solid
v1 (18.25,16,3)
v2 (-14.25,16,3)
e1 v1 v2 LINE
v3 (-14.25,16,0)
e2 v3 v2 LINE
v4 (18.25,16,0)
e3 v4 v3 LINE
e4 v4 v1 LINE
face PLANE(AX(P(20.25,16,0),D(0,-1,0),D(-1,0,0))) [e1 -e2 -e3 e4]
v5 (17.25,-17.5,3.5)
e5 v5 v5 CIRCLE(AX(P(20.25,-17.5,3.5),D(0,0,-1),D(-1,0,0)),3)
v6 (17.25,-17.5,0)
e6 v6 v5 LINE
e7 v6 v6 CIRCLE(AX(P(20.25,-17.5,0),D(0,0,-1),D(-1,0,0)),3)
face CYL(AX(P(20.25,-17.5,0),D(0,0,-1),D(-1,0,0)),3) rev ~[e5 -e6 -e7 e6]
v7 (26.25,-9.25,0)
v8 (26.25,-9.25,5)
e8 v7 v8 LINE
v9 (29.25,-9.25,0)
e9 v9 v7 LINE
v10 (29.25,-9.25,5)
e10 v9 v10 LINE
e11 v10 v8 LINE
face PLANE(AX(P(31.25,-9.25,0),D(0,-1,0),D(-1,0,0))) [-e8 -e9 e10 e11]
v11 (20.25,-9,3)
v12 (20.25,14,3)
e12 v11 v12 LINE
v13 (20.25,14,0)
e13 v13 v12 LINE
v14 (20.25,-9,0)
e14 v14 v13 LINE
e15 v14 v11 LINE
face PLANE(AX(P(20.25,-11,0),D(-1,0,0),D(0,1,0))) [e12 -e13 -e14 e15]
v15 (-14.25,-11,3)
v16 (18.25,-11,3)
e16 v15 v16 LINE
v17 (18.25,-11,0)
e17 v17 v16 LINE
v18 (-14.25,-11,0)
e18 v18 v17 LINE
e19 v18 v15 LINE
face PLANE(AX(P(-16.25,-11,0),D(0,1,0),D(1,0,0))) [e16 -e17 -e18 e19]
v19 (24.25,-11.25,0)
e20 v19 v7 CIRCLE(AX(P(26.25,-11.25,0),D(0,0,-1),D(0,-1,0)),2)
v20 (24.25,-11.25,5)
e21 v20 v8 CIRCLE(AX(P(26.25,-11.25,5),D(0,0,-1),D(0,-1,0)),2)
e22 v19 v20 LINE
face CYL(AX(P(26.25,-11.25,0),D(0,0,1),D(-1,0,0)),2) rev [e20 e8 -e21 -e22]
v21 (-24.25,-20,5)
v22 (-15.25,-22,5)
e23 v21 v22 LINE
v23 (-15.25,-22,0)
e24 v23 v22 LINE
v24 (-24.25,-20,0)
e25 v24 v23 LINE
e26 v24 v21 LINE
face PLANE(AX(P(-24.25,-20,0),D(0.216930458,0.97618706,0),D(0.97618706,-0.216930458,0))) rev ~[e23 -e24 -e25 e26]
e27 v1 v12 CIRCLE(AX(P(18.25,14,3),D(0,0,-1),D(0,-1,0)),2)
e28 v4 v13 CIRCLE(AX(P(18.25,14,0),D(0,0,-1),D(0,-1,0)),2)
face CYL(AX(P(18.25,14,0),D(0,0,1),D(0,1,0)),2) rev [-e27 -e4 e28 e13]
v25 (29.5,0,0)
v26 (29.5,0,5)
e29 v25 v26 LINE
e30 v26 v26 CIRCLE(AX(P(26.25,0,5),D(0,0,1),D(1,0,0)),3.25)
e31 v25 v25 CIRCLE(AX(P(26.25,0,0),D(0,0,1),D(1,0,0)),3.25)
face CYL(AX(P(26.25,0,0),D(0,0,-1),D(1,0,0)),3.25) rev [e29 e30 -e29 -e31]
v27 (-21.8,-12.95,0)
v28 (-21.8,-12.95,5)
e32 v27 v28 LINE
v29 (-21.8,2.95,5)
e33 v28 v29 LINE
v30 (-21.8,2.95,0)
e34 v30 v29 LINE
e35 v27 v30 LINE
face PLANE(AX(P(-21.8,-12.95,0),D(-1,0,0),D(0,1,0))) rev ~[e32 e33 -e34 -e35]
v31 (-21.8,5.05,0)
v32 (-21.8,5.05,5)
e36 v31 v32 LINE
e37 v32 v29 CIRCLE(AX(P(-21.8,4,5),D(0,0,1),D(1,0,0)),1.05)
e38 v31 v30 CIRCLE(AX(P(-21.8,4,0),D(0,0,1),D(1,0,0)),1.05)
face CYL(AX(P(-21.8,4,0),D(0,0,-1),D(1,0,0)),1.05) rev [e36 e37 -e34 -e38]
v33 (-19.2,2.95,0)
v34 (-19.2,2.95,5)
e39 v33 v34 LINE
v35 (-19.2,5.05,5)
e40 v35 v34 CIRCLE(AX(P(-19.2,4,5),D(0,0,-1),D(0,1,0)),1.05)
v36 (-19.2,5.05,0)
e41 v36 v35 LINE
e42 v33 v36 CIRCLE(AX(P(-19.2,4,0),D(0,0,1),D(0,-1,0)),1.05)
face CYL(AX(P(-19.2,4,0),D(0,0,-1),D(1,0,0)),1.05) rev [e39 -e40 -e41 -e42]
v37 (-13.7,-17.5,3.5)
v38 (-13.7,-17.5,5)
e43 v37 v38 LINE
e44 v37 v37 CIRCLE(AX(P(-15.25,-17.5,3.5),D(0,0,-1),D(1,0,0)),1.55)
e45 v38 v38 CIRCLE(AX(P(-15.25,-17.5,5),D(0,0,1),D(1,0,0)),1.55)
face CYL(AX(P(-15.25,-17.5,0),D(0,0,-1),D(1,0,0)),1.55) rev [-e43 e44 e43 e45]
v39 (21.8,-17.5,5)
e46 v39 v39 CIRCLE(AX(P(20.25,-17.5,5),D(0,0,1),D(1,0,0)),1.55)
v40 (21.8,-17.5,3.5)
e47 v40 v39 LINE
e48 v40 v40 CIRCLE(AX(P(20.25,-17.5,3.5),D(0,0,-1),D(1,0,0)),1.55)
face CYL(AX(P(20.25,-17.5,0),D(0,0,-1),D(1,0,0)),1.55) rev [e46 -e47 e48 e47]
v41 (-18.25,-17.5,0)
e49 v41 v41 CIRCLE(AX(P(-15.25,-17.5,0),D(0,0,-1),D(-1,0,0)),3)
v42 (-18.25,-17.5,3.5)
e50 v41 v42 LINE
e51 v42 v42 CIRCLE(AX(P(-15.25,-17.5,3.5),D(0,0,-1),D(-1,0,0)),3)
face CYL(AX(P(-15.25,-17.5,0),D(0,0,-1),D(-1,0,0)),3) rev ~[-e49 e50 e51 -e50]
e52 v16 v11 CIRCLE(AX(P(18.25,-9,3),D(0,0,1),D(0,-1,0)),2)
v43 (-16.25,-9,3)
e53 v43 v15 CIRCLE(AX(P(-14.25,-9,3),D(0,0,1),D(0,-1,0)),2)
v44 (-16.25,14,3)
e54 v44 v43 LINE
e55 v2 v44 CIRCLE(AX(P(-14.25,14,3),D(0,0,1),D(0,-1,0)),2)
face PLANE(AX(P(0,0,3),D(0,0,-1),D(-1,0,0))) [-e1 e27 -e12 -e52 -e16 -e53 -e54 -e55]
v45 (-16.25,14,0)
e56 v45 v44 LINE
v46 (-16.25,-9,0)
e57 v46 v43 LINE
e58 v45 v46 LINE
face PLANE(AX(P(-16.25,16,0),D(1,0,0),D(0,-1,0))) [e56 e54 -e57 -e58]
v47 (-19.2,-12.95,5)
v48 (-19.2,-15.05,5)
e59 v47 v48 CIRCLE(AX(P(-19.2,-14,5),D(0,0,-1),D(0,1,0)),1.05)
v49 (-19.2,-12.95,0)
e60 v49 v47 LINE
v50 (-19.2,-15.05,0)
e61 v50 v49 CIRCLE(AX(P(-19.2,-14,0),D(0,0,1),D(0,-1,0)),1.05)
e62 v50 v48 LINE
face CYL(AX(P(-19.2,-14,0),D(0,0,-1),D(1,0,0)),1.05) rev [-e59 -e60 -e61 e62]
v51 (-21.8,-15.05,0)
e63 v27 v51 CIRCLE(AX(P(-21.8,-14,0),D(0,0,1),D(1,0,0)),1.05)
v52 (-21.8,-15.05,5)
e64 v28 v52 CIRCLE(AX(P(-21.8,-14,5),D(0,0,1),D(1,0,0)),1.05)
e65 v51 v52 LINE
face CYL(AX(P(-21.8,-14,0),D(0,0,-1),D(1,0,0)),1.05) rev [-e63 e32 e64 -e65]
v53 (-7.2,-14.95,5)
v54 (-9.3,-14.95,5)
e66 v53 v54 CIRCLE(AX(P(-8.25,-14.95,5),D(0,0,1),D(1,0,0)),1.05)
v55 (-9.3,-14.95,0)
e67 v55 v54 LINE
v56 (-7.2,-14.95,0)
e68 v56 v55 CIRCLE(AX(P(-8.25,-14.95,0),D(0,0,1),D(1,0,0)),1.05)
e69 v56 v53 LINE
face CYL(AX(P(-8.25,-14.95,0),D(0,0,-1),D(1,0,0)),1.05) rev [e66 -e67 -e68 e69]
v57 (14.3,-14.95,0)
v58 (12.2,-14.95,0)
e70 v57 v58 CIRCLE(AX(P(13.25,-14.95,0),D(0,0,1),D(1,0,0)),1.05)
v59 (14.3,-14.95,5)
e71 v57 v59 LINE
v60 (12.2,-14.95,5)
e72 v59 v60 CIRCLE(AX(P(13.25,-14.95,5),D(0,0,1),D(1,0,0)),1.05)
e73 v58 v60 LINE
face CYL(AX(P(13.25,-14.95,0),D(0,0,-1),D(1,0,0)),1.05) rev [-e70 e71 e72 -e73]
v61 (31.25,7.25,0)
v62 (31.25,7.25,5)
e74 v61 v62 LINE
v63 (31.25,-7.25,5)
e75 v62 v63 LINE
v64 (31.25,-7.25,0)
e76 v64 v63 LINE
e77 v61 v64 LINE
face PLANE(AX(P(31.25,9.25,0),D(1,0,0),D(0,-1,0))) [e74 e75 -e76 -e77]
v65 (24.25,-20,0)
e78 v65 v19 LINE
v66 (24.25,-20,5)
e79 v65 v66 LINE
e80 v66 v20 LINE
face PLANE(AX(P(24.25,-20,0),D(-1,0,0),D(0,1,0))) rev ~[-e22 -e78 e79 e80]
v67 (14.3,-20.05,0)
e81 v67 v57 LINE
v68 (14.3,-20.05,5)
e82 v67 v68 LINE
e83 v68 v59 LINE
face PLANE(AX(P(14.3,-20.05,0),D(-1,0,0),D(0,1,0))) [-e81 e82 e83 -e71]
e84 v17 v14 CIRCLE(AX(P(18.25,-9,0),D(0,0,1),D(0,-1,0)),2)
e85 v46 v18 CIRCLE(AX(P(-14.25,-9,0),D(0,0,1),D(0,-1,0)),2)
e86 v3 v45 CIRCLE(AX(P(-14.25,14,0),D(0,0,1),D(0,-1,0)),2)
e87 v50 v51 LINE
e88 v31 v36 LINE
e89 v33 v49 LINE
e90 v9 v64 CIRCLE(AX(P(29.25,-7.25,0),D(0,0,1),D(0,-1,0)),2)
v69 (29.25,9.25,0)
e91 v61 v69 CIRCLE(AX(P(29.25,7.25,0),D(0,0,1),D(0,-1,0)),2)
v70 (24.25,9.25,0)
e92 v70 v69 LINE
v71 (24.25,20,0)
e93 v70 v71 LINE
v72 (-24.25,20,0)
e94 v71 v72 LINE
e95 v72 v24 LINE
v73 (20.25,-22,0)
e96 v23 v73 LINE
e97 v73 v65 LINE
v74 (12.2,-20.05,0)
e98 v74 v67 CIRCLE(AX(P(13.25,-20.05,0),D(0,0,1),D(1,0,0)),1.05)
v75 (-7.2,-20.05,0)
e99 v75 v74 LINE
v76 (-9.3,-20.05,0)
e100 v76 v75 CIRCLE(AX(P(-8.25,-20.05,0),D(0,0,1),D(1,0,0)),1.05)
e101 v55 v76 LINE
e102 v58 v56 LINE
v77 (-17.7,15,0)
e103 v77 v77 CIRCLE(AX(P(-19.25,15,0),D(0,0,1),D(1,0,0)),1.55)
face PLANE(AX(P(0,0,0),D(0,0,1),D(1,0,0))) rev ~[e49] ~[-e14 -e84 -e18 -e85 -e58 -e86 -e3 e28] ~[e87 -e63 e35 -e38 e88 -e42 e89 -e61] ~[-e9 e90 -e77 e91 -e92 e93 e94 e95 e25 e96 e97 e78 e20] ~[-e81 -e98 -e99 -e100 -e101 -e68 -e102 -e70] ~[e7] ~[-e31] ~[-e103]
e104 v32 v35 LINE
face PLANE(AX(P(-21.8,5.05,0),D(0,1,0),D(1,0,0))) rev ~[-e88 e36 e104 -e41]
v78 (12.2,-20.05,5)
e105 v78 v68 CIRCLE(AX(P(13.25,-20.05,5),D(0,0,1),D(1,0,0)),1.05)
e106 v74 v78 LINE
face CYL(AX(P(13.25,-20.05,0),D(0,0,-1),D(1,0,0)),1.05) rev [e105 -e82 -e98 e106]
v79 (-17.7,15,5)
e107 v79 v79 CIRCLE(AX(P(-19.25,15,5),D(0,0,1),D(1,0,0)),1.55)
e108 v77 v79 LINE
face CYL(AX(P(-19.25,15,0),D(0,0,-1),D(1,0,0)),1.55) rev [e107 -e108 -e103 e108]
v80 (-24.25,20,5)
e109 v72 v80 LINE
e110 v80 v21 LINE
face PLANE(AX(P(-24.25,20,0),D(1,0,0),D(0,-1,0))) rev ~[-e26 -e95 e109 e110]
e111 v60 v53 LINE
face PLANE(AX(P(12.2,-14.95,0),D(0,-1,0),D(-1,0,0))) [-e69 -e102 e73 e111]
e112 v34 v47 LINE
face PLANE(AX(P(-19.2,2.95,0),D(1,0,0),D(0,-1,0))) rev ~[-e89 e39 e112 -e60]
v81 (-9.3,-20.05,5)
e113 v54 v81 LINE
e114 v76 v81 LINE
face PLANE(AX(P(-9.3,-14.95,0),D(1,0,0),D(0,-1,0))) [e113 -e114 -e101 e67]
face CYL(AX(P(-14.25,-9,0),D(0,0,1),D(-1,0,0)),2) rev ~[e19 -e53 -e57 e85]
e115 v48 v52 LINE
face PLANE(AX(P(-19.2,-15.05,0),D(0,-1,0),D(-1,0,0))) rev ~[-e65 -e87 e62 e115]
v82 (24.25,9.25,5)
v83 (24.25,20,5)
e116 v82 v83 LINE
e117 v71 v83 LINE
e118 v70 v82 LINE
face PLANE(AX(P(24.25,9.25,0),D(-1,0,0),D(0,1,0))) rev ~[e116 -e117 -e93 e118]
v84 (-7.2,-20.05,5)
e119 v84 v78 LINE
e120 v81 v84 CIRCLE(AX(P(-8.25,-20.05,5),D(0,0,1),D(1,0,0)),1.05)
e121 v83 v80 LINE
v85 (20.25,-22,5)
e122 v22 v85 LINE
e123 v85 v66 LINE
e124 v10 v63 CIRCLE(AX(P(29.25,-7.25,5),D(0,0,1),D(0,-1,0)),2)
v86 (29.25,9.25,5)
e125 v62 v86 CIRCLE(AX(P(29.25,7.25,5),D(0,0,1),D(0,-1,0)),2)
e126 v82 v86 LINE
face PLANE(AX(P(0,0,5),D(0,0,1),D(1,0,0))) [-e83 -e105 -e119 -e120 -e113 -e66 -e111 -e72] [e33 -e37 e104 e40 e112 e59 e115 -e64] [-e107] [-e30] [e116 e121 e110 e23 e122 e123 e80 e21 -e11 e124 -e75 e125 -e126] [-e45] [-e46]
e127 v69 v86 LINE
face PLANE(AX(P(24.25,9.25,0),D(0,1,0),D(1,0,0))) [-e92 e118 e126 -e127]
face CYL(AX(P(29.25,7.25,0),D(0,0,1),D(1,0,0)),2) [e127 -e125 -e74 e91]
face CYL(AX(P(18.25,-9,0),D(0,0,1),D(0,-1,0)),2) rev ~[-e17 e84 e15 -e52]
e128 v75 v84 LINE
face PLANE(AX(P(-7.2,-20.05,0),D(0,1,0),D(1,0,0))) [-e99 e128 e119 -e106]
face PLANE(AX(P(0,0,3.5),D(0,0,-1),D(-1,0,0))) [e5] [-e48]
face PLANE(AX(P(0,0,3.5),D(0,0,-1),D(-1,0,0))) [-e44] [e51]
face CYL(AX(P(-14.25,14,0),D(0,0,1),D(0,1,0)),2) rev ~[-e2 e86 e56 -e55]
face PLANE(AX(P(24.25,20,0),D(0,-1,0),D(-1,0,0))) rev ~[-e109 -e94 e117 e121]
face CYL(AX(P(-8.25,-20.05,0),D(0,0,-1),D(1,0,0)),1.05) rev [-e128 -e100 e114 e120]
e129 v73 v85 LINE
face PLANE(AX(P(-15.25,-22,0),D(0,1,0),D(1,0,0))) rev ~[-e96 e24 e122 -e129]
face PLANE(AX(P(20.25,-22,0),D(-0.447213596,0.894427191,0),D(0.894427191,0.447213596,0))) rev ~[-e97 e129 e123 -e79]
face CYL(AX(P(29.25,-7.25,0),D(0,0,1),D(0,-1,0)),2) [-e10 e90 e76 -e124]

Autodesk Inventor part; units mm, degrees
ref_plane "YZ Plane" through (0, 0, 0) normal (1, 0, 0) x (0, 1, 0)
ref_plane "XZ Plane" through (0, 0, 0) normal (0, 1, 0) x (-1, 0, 0)
ref_plane "XY Plane" through (0, 0, 0) normal (0, 0, 1) x (1, 0, 0)
sketch "スケッチ1" plane through (0, 0, 0) normal (0, 0, 1) x (1, 0, 0)
  line L0 (-24.25, -20) -> (24.25, -20) construction
  line L1 (24.25, 20) -> (-24.25, 20)
  line L2 (-24.25, 20) -> (-24.25, -20)
  line L3 (-24.25, -20) -> (24.25, 20) construction
  line L4 (24.25, -20) -> (-24.25, 20) construction
  circle A0 centre (-15.25, -17.5) radius 1.55
  circle A1 centre (20.25, -17.5) radius 1.55
  line L5 (-9.25, -15) -> (14.25, -15) construction
  line L6 (14.25, -15) -> (14.25, -20) construction
  line L7 (14.25, -20) -> (-9.25, -20) construction
  line L8 (-9.25, -20) -> (-9.25, -15) construction
  line L9 (-24.25, -20) -> (-15.25, -22)
  line L10 (-15.25, -22) -> (20.25, -22)
  line L11 (20.25, -22) -> (24.25, -20)
  line L12 (14.3, -14.95) -> (-9.3, -14.95)
  line L13 (-9.3, -14.95) -> (-9.3, -20.05)
  line L14 (-9.3, -20.05) -> (14.3, -20.05)
  line L15 (14.3, -20.05) -> (14.3, -14.95)
  circle A2 centre (-8.25, -14.95) radius 1.05
  circle A3 centre (-8.25, -20.05) radius 1.05
  circle A4 centre (13.25, -14.95) radius 1.05
  circle A5 centre (13.25, -20.05) radius 1.05
  circle A6 centre (-19.25, 15) radius 1.55
  line L16 (-21.8, 5.05) -> (-19.2, 5.05)
  line L17 (-19.2, 5.05) -> (-19.2, -15.05)
  line L18 (-19.2, -15.05) -> (-21.8, -15.05)
  line L19 (-21.8, -15.05) -> (-21.8, 5.05)
  line L20 (-19.25, 5) -> (-21.75, 5) construction
  line L21 (-21.75, 5) -> (-21.75, -15) construction
  line L22 (-21.75, -15) -> (-19.25, -15) construction
  line L23 (-19.25, -15) -> (-19.25, 5) construction
  line L24 (2.5, -14.95) -> (2.5, -20.05) construction
  circle A7 centre (-21.8, 4) radius 1.05
  circle A8 centre (-19.2, 4) radius 1.05
  circle A9 centre (-21.8, -14) radius 1.05
  circle A10 centre (-19.2, -14) radius 1.05
  line L25 (24.25, 9.25) -> (31.25, 9.25)
  line L26 (31.25, 9.25) -> (31.25, -9.25)
  line L27 (31.25, -9.25) -> (24.25, -9.25)
  circle A11 centre (26.25, 0) radius 3.25
  line L28 (24.25, -20) -> (24.25, -9.25)
  line L29 (24.25, 9.25) -> (24.25, 20)
  point P0 (0, 0)
  point P1 (-9.25, -17.5)
  point P2 (12.2, -20.05)
  point P3 (-7.2, -20.05)
  point P4 (-7.2, -14.95)
  point P5 (12.2, -14.95)
  point P6 (-21.8, -12.95)
  point P7 (-21.8, 2.95)
  point P8 (-19.2, 2.95)
  point P9 (-19.2, -12.95)
  dimension "d10" = 2.1
  dimension "d26" = 2.1
  dimension "d0" = 5
  dimension "d3" = 3.1
  dimension "d4" = 35.5
  dimension "d5" = 2
  dimension "d7" = 40
  dimension "d8" = 23.5
  dimension "d9" = 0.05
  dimension "d11" = 3.1
  dimension "d12" = 5
  dimension "d13" = 5
  dimension "d14" = 0.05
  dimension "d15" = 17.75
  dimension "d16" = 48.5
  dimension "d20" = 2.5
  dimension "d21" = 2.5
  dimension "d22" = 5
  dimension "d23" = 15
  dimension "d27" = 25
  dimension "d58" = 6.5
  dimension "d60" = 9.25
  dimension "d61" = 18.5
  dimension "d62" = 20
  dimension "d65" = 2
  dimension "d66" = 5
extrude "押し出し1" add sketch "スケッチ1" along normal blind 5
sketch "スケッチ2" plane through (0, 0, 0) normal (0, 0, -1) x (-1, 0, 0)
  line L0 (-14.3, -20.05) -> (-14.3, -14.95) projected
  line L1 (-12.2, -14.95) -> (7.2, -14.95) projected
  line L2 (-24.25, 20) -> (24.25, 20) projected
  line L3 (-24.25, -20) -> (-24.25, 20) projected
  line L4 (21.8, -15.05) -> (19.2, -15.05) projected
  line L5 (19.2, -12.95) -> (19.2, 2.95) projected
  line L6 (19.2, 5.05) -> (21.8, 5.05) projected
  line L7 (-20.25, 16) -> (16.25, 16)
  line L8 (16.25, 16) -> (16.25, -11)
  line L9 (16.25, -11) -> (-20.25, -11)
  line L10 (-20.25, -11) -> (-20.25, -5.9161)
  line L11 (-20.25, 16) -> (-20.25, 5.9161)
  line L12 (19.25, 5.05) -> (19.25, -15.05) construction
  line L13 (19.2, -15.05) -> (21.8, -15.05) projected
  line L14 (-14.3, -15) -> (9.3, -15) construction
  line L15 (9.3, -20.05) -> (9.3, -14.95) projected
  line L16 (-20.25, 5.9161) -> (-20.25, -5.9161)
  point P0 (0, 0)
  dimension "d29" = 4
  dimension "d30" = 4
  dimension "d31" = 0.05
  dimension "d32" = 3
  dimension "d33" = 0.05
  dimension "d34" = 4
sketch "スケッチ3" plane through (0, 0, 0) normal (0, 0, -1) x (-1, 0, 0)
  circle A0 centre (15.25, -17.5) radius 1.55 projected
  circle A1 centre (15.25, -17.5) radius 3
  circle A2 centre (19.25, 15) radius 1.55 projected
  circle A3 centre (19.25, 15) radius 3
  circle A4 centre (-20.25, -17.5) radius 3
  point P0 (0, 0)
  dimension "d38" = 6
  dimension "d39" = 6
  dimension "d40" = 6
extrude "押し出し3" cut sketch "スケッチ3" against normal blind 3.5 contours A1 | A4
extrude "押し出し5" cut sketch "スケッチ2" against normal blind 3
fillet "フィレット4" radius 2 4 edges at (20.25, -11, 1.5) (20.25, 16, 1.5) (-16.25, 16, 1.5) (-16.25, -11, 1.5)
fillet "フィレット5" radius 2 3 edges at (24.25, -9.25, 2.5) (31.25, -9.25, 2.5) (31.25, 9.25, 2.5)
equation "\"d13\" = d12"
equation "\"d15\" = 0.5 * d4"
equation "\"d60\" = 0.5 * d61"
properties part number "コックピット_サブフレーム_1_5_New" material "アセタール樹脂、黒"
